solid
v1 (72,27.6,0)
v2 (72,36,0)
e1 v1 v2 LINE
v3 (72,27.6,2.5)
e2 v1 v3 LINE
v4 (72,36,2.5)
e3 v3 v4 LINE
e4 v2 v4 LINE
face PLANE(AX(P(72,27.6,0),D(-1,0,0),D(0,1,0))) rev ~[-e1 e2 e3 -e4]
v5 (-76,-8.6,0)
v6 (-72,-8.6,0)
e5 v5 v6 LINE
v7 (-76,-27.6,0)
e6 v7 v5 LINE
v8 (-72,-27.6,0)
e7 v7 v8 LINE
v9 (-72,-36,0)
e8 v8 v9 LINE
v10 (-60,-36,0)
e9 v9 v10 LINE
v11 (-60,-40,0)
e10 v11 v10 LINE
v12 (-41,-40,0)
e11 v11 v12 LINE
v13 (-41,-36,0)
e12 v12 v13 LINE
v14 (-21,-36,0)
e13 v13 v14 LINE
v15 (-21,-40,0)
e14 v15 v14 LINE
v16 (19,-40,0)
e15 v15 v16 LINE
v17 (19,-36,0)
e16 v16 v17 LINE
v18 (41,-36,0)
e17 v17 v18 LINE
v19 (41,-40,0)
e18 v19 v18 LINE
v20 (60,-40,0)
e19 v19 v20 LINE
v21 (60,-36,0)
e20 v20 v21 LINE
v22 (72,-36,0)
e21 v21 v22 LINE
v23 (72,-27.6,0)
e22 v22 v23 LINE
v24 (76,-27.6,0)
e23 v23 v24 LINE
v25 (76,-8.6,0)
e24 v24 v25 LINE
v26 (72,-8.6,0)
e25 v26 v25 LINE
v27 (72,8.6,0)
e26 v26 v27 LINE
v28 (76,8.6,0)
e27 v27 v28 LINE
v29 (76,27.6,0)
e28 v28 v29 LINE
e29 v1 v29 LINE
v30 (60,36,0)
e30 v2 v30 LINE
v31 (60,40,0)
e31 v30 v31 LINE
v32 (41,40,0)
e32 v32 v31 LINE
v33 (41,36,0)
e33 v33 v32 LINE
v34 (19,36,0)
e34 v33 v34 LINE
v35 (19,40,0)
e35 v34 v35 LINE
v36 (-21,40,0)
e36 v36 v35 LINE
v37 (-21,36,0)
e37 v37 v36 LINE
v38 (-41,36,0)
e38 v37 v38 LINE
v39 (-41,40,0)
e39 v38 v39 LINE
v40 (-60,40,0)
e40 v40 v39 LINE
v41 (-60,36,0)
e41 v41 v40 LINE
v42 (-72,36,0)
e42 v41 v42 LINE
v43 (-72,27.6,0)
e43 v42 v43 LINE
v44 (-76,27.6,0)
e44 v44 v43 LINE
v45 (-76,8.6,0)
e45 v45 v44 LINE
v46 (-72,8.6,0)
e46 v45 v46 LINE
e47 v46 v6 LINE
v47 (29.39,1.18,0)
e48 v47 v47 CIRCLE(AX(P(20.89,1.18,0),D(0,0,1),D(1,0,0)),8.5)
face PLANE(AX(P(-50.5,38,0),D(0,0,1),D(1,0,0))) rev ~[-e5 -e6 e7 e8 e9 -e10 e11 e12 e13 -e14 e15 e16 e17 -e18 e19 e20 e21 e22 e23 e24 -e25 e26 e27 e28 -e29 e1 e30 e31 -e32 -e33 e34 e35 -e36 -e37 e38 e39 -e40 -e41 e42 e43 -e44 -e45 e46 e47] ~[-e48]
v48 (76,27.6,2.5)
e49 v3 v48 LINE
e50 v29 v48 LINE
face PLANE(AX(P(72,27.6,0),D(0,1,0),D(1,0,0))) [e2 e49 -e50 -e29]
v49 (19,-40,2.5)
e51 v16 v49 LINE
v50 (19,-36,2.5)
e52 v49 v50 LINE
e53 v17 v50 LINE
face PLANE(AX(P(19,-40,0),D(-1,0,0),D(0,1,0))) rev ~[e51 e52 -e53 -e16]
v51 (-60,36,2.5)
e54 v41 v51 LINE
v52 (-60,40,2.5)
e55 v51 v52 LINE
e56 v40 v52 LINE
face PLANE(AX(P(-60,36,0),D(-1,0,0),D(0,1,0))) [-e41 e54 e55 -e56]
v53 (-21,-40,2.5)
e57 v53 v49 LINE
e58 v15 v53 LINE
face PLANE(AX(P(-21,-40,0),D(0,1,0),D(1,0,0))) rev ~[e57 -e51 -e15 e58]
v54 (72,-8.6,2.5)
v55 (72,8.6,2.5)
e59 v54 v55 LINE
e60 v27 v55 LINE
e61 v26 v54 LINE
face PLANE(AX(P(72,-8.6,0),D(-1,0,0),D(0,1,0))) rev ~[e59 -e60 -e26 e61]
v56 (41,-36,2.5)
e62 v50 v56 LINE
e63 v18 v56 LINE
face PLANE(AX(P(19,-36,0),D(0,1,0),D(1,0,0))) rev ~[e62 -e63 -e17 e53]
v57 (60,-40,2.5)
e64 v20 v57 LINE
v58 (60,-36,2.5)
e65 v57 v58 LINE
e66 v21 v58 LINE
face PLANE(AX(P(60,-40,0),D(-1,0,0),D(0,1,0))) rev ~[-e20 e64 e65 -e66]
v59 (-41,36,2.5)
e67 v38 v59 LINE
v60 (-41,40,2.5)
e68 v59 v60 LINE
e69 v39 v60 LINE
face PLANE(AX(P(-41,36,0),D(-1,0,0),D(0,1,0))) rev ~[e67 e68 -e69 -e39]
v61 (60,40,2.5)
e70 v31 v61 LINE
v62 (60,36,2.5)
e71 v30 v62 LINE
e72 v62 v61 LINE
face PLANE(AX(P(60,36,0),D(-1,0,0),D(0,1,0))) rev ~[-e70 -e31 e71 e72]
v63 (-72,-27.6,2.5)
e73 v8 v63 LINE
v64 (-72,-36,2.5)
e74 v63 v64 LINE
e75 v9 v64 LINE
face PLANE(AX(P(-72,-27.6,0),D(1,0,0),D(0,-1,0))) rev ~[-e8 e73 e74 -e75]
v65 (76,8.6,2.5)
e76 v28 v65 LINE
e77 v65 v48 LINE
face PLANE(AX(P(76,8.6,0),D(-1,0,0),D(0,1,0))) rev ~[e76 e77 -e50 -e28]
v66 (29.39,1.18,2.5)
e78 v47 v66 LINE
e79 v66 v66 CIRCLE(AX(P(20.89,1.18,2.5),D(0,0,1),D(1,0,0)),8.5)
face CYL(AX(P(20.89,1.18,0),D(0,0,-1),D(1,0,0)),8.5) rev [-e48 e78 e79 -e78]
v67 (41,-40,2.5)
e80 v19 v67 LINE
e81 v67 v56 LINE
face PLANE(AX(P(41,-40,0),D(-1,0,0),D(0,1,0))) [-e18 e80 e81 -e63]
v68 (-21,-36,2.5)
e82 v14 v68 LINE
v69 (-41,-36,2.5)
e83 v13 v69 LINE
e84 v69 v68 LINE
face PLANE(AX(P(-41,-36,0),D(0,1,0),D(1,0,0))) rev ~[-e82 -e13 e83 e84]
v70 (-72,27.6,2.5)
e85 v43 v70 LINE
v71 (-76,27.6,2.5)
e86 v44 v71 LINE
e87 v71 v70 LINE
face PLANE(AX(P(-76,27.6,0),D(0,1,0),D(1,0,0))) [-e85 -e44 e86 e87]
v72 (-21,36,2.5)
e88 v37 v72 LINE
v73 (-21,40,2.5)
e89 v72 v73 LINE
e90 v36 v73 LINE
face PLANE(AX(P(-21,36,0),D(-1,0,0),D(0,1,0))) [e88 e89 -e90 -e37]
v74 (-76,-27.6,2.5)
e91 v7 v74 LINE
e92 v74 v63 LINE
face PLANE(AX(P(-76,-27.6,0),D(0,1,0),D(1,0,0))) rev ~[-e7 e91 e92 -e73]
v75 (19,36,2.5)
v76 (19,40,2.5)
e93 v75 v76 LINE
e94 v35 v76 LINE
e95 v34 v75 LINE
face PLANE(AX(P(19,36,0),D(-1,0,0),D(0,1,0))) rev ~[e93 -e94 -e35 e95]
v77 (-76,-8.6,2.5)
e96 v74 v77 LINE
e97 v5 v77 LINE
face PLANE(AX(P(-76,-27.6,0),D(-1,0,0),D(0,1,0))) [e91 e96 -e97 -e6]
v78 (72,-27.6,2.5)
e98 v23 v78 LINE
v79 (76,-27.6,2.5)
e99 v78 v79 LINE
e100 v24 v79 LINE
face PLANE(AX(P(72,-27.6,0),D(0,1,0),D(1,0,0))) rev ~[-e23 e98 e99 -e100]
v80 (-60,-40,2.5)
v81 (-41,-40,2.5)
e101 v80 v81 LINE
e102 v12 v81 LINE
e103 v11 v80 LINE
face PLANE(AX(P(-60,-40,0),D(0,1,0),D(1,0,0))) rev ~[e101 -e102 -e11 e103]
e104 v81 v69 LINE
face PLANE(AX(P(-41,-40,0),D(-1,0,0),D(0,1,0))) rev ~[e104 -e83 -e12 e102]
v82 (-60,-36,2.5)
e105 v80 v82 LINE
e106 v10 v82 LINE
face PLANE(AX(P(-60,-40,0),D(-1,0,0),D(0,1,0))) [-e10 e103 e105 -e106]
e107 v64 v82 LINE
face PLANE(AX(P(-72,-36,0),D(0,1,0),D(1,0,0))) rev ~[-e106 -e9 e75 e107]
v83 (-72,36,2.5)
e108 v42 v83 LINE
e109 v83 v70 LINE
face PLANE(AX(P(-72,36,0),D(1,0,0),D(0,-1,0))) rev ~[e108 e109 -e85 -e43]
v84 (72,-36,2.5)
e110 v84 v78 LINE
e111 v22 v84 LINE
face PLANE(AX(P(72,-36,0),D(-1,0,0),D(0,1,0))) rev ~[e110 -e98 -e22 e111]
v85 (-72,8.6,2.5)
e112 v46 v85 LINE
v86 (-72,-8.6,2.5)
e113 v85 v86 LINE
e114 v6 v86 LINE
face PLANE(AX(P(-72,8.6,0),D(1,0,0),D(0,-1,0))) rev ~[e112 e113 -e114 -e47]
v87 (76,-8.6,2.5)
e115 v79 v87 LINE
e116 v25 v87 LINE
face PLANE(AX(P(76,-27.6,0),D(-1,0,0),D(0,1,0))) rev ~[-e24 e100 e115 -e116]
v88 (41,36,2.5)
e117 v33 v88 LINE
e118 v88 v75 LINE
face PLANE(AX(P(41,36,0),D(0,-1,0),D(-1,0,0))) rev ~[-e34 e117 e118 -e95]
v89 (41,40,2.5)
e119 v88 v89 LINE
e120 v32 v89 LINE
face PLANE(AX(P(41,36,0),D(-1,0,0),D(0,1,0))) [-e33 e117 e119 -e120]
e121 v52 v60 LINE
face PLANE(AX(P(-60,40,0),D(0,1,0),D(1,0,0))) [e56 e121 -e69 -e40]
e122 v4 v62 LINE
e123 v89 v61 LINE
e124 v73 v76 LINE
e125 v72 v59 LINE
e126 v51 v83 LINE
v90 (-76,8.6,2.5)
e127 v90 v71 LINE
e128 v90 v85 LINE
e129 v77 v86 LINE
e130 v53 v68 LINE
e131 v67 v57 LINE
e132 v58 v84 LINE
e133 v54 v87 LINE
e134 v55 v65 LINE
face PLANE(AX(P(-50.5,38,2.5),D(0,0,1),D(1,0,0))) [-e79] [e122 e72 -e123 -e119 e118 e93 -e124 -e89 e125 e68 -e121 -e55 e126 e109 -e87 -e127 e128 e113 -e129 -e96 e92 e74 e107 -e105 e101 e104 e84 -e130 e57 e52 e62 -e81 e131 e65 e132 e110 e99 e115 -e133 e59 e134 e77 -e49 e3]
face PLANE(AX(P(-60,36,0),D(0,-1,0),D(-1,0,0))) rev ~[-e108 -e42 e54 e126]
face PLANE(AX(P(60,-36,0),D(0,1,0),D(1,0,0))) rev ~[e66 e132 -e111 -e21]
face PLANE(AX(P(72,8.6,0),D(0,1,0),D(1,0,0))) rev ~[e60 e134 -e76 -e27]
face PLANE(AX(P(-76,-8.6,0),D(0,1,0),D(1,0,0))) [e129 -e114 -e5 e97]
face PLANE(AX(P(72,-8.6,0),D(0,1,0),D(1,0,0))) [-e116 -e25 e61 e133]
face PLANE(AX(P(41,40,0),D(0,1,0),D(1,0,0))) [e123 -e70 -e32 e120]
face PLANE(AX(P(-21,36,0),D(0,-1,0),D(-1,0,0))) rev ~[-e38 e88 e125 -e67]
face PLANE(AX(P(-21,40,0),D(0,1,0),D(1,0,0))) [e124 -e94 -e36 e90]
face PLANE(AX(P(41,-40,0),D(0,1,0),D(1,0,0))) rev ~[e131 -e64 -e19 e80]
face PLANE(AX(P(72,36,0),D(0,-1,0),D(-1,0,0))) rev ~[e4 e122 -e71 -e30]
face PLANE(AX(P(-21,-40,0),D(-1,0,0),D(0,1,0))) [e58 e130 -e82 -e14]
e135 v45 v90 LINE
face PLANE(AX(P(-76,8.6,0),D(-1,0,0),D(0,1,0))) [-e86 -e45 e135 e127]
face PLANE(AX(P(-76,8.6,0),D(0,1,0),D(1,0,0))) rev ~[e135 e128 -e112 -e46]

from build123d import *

# Parameters (mm, degrees)
F0_W     = 19
F0_H     = 4
F0_W_2   = 40
F0_W_3   = 4
F0_H_2   = 19
F0_R     = 8.5
F1_DEPTH = 2.5


with BuildPart() as f1:
    # F0 (on Top) → F1 (new body)
    with BuildSketch(Plane.XY):
        with Locations((-50.5, 38)):
            Rectangle(F0_W, F0_H)
        with Locations((-1, 38)):
            Rectangle(F0_W_2, F0_H)
        with Locations((50.5, 38)):
            Rectangle(F0_W, F0_H)
        with Locations((-50.5, -38)):
            Rectangle(F0_W, F0_H)
        with Locations((-1, -38)):
            Rectangle(F0_W_2, F0_H)
        with Locations((50.5, -38)):
            Rectangle(F0_W, F0_H)
        with Locations((-74, 18.1)):
            Rectangle(F0_W_3, F0_H_2)
        with Locations((-74, -18.1)):
            Rectangle(F0_W_3, F0_H_2)
        with Locations((74, 18.1)):
            Rectangle(F0_W_3, F0_H_2)
        with Locations((74, -18.1)):
            Rectangle(F0_W_3, F0_H_2)
        Polygon((-60, 36), (-72, 36), (-72, 27.6), (-72, 8.6), (-72, -8.6), (-72, -27.6), (-72, -36), (-60, -36), (-41, -36), (-21, -36), (19, -36), (41, -36), (60, -36), (72, -36), (72, -27.6), (72, -8.6), (72, 8.6), (72, 27.6), (72, 36), (60, 36), (41, 36), (19, 36), (-21, 36), (-41, 36), align=None)
        with Locations((20.89, 1.18)):
            Circle(F0_R, mode=Mode.SUBTRACT)
    extrude(amount=F1_DEPTH)


solid = f1.part
